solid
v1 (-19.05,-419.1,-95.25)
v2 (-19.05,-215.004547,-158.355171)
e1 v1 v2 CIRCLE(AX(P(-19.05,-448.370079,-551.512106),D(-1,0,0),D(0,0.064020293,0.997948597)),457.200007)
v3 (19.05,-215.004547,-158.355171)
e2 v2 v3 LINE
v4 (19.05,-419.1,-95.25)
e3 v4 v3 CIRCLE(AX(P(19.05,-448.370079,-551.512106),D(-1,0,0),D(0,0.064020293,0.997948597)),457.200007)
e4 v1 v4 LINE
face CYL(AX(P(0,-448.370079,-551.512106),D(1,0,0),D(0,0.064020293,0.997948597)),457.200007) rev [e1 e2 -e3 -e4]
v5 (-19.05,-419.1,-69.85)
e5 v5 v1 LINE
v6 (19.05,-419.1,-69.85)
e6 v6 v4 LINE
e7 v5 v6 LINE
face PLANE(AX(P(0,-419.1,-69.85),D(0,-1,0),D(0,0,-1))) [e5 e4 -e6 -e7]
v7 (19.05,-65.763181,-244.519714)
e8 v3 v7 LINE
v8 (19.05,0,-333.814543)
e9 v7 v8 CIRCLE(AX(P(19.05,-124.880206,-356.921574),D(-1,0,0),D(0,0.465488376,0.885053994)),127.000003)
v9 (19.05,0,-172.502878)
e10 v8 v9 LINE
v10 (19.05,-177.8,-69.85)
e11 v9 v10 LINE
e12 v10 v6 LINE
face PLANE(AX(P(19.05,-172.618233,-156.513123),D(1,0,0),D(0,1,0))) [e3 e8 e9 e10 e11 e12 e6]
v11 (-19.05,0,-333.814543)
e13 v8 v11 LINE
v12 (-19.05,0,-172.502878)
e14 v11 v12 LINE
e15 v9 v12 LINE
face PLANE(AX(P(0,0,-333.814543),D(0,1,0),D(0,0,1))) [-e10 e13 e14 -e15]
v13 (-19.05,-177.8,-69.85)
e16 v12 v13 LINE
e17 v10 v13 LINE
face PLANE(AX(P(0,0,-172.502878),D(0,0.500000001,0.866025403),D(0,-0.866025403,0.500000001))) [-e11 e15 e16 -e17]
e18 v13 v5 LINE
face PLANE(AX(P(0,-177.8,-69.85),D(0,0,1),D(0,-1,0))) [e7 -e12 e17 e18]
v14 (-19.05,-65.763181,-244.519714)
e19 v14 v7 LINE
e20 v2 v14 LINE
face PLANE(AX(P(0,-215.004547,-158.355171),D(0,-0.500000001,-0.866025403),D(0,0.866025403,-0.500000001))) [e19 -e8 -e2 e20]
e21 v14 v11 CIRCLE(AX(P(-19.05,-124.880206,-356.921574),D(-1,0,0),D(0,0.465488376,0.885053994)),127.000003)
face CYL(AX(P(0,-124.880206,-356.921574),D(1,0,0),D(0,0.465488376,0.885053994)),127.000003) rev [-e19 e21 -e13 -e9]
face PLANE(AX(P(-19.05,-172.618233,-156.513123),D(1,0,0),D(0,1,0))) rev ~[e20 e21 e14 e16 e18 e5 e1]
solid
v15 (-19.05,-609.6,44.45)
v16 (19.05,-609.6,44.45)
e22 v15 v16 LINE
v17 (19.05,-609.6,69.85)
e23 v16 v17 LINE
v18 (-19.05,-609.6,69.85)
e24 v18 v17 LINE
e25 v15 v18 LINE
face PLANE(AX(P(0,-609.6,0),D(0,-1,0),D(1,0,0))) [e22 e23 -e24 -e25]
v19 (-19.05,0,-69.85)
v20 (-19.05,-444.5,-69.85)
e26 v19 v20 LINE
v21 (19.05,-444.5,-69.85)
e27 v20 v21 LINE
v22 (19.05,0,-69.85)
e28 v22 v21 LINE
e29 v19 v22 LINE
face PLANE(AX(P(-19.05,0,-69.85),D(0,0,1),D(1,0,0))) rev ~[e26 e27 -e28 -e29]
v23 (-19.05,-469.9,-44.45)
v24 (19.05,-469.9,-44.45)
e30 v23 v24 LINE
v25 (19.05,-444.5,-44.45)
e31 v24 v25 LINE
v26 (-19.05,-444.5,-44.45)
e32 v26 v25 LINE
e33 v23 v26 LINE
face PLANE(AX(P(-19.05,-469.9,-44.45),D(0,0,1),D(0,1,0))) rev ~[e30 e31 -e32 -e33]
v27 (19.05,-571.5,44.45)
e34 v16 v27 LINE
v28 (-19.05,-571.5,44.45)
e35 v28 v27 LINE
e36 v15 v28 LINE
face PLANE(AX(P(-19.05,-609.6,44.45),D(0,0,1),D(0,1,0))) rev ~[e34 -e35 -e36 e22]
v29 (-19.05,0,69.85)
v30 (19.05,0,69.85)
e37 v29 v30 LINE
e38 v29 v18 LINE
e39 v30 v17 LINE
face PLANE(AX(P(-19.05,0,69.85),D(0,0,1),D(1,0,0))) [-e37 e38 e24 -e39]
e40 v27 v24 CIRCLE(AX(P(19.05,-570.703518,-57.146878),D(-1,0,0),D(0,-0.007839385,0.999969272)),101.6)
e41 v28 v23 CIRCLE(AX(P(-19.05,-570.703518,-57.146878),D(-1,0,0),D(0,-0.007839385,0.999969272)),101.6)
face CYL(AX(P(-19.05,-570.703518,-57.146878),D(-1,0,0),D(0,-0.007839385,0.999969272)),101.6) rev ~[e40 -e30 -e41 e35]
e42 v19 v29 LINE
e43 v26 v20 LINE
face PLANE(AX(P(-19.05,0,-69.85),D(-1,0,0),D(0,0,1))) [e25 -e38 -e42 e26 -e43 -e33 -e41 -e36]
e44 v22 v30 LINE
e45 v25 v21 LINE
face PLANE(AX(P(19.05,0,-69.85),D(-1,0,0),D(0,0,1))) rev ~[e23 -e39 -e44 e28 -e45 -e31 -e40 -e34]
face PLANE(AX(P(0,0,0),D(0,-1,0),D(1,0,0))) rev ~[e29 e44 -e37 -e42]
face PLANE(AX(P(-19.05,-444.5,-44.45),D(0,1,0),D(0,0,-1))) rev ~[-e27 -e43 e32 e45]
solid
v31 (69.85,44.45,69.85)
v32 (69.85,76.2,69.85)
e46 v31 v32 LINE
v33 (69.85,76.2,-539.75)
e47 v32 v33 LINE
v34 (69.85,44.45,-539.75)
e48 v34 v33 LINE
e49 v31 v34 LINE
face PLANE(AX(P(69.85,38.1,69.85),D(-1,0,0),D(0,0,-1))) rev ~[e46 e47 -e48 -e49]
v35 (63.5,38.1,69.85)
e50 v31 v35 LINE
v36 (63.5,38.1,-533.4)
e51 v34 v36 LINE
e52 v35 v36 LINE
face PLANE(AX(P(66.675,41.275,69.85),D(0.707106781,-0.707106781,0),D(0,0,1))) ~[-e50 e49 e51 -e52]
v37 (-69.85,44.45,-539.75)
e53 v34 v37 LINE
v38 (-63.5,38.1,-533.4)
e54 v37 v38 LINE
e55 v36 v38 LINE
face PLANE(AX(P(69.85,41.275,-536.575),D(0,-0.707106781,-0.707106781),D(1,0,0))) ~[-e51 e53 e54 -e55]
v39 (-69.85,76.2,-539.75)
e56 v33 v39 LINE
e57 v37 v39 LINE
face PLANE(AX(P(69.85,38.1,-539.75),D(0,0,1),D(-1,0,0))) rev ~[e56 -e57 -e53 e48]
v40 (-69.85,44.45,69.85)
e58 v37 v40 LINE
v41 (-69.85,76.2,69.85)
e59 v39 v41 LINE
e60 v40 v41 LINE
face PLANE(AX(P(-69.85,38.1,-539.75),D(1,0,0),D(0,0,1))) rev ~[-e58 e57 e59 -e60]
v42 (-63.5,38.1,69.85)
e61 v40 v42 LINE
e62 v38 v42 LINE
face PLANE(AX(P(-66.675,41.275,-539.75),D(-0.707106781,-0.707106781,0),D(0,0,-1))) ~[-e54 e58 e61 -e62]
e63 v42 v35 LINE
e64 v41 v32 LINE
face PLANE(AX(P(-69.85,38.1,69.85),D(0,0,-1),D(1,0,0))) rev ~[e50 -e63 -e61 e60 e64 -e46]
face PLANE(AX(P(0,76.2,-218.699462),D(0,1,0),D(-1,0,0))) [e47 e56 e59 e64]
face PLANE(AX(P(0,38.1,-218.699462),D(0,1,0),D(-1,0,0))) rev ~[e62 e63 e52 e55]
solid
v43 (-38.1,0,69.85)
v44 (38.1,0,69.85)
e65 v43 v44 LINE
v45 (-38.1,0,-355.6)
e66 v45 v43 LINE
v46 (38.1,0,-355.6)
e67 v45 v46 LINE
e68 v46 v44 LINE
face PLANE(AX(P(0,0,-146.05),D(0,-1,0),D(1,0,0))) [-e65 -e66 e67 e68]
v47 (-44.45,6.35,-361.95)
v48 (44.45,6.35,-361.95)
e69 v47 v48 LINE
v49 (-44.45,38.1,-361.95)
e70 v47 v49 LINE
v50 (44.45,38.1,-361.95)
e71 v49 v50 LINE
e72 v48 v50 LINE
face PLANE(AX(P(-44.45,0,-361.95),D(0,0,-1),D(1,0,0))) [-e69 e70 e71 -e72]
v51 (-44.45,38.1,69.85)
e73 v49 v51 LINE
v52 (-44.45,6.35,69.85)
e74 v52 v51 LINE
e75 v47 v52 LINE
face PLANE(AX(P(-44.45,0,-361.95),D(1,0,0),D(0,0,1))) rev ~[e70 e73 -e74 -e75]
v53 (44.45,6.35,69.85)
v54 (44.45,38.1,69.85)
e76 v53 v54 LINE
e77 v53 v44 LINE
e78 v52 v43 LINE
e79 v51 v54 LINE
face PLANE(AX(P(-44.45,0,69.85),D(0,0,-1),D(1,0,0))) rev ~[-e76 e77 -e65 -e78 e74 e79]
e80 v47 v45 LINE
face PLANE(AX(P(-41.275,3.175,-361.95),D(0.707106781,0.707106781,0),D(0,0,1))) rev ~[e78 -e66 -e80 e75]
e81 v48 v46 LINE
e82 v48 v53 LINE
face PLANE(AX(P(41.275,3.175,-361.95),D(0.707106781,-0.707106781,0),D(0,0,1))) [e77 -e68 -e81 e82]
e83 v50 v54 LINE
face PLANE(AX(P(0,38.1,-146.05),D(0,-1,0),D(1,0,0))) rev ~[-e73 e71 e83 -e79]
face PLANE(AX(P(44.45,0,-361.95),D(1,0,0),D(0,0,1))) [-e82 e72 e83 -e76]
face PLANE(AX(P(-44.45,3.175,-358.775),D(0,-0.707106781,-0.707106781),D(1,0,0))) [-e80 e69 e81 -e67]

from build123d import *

# Parameters (mm, degrees)
F0_W       = 38.1
F0_H       = 139.7
F1_DEPTH   = 609.6
F2_W       = 88.9
F2_H       = 431.8
F3_DEPTH   = 38.1
F5_DEPTH   = 19.05
F6_W       = 88.9
F6_H       = 431.8
F7_DEPTH   = 38.1
F9_DEPTH   = 38.1
F10_SIZE   = 6.35
F10_2_SIZE = 6.35


with BuildPart() as f1:
    # F0 (on Front) → F1 (new body)
    with BuildSketch(Plane.XZ):
        Rectangle(F0_W, F0_H)
    extrude(amount=F1_DEPTH)

    # F8 (on face) → F9 (cut, through all)
    with BuildSketch(Plane(origin=(-19.05, 0, 0), x_dir=(0, -1, 0), z_dir=(-1, 0, 0))):
        with BuildLine():
            Line((609.6, -69.85), (609.6, 44.45))
            Line((609.6, 44.45), (571.5, 44.45))
            ThreePointArc((571.5, 44.45), (503.79945, 19.314914), (469.9, -44.45))
            Line((469.9, -44.45), (444.5, -44.45))
            Line((444.5, -44.45), (444.5, -69.85))
            Line((444.5, -69.85), (609.6, -69.85))
        make_face()
    extrude(amount=-F9_DEPTH, mode=Mode.SUBTRACT)


with BuildPart() as f3:
    # F2 (on Front) → F3 (new body)
    with BuildSketch(Plane.XZ):
        with Locations((0, -146.05)):
            Rectangle(F2_W, F2_H)
    extrude(amount=-F3_DEPTH)

    # F10
    f10_edges = [f3.edges().sort_by_distance(p)[0] for p in [
        (44.45, 0, -146.05),
        (-44.45, 0, -146.05),
        (0, 0, -361.95),
    ]]
    chamfer(f10_edges, length=F10_SIZE)


with BuildPart() as f5:
    # F4 (on Right) → F5 (new body, symmetric)
    with BuildSketch(Plane.YZ):
        with BuildLine():
            Line((-177.8, -69.85), (-419.1, -69.85))
            Line((-419.1, -69.85), (-419.1, -95.25))
            ThreePointArc((-419.1, -95.25), (-313.314788, -114.714767), (-215.004547, -158.355171))
            Line((-215.004547, -158.355171), (-65.763181, -244.519714))
            ThreePointArc((-65.763181, -244.519714), (-22.620063, -281.609796), (0, -333.814543))
            Line((0, -333.814543), (0, -172.502878))
            Line((0, -172.502878), (-177.8, -69.85))
        make_face()
    extrude(amount=F5_DEPTH, both=True)


with BuildPart() as f7:
    # F6 (on face) → F7 (new body)
    with BuildSketch(Plane(origin=(0, 38.1, 0), x_dir=(-1, 0, 0), z_dir=(0, 1, 0))):
        Polygon((-44.45, 69.85), (-69.85, 69.85), (-69.85, -539.75), (69.85, -539.75), (69.85, 69.85), (44.45, 69.85), (44.45, -361.95), (-44.45, -361.95), align=None)
        with Locations((0, -146.05)):
            Rectangle(F6_W, F6_H)
    extrude(amount=F7_DEPTH)

    # F10#2
    f10_2_edges = [f7.edges().sort_by_distance(p)[0] for p in [
        (69.85, 38.1, -234.95),
        (0, 38.1, -539.75),
        (-69.85, 38.1, -234.95),
    ]]
    chamfer(f10_2_edges, length=F10_2_SIZE)


solid = Compound([f1.part, f3.part, f5.part, f7.part])
